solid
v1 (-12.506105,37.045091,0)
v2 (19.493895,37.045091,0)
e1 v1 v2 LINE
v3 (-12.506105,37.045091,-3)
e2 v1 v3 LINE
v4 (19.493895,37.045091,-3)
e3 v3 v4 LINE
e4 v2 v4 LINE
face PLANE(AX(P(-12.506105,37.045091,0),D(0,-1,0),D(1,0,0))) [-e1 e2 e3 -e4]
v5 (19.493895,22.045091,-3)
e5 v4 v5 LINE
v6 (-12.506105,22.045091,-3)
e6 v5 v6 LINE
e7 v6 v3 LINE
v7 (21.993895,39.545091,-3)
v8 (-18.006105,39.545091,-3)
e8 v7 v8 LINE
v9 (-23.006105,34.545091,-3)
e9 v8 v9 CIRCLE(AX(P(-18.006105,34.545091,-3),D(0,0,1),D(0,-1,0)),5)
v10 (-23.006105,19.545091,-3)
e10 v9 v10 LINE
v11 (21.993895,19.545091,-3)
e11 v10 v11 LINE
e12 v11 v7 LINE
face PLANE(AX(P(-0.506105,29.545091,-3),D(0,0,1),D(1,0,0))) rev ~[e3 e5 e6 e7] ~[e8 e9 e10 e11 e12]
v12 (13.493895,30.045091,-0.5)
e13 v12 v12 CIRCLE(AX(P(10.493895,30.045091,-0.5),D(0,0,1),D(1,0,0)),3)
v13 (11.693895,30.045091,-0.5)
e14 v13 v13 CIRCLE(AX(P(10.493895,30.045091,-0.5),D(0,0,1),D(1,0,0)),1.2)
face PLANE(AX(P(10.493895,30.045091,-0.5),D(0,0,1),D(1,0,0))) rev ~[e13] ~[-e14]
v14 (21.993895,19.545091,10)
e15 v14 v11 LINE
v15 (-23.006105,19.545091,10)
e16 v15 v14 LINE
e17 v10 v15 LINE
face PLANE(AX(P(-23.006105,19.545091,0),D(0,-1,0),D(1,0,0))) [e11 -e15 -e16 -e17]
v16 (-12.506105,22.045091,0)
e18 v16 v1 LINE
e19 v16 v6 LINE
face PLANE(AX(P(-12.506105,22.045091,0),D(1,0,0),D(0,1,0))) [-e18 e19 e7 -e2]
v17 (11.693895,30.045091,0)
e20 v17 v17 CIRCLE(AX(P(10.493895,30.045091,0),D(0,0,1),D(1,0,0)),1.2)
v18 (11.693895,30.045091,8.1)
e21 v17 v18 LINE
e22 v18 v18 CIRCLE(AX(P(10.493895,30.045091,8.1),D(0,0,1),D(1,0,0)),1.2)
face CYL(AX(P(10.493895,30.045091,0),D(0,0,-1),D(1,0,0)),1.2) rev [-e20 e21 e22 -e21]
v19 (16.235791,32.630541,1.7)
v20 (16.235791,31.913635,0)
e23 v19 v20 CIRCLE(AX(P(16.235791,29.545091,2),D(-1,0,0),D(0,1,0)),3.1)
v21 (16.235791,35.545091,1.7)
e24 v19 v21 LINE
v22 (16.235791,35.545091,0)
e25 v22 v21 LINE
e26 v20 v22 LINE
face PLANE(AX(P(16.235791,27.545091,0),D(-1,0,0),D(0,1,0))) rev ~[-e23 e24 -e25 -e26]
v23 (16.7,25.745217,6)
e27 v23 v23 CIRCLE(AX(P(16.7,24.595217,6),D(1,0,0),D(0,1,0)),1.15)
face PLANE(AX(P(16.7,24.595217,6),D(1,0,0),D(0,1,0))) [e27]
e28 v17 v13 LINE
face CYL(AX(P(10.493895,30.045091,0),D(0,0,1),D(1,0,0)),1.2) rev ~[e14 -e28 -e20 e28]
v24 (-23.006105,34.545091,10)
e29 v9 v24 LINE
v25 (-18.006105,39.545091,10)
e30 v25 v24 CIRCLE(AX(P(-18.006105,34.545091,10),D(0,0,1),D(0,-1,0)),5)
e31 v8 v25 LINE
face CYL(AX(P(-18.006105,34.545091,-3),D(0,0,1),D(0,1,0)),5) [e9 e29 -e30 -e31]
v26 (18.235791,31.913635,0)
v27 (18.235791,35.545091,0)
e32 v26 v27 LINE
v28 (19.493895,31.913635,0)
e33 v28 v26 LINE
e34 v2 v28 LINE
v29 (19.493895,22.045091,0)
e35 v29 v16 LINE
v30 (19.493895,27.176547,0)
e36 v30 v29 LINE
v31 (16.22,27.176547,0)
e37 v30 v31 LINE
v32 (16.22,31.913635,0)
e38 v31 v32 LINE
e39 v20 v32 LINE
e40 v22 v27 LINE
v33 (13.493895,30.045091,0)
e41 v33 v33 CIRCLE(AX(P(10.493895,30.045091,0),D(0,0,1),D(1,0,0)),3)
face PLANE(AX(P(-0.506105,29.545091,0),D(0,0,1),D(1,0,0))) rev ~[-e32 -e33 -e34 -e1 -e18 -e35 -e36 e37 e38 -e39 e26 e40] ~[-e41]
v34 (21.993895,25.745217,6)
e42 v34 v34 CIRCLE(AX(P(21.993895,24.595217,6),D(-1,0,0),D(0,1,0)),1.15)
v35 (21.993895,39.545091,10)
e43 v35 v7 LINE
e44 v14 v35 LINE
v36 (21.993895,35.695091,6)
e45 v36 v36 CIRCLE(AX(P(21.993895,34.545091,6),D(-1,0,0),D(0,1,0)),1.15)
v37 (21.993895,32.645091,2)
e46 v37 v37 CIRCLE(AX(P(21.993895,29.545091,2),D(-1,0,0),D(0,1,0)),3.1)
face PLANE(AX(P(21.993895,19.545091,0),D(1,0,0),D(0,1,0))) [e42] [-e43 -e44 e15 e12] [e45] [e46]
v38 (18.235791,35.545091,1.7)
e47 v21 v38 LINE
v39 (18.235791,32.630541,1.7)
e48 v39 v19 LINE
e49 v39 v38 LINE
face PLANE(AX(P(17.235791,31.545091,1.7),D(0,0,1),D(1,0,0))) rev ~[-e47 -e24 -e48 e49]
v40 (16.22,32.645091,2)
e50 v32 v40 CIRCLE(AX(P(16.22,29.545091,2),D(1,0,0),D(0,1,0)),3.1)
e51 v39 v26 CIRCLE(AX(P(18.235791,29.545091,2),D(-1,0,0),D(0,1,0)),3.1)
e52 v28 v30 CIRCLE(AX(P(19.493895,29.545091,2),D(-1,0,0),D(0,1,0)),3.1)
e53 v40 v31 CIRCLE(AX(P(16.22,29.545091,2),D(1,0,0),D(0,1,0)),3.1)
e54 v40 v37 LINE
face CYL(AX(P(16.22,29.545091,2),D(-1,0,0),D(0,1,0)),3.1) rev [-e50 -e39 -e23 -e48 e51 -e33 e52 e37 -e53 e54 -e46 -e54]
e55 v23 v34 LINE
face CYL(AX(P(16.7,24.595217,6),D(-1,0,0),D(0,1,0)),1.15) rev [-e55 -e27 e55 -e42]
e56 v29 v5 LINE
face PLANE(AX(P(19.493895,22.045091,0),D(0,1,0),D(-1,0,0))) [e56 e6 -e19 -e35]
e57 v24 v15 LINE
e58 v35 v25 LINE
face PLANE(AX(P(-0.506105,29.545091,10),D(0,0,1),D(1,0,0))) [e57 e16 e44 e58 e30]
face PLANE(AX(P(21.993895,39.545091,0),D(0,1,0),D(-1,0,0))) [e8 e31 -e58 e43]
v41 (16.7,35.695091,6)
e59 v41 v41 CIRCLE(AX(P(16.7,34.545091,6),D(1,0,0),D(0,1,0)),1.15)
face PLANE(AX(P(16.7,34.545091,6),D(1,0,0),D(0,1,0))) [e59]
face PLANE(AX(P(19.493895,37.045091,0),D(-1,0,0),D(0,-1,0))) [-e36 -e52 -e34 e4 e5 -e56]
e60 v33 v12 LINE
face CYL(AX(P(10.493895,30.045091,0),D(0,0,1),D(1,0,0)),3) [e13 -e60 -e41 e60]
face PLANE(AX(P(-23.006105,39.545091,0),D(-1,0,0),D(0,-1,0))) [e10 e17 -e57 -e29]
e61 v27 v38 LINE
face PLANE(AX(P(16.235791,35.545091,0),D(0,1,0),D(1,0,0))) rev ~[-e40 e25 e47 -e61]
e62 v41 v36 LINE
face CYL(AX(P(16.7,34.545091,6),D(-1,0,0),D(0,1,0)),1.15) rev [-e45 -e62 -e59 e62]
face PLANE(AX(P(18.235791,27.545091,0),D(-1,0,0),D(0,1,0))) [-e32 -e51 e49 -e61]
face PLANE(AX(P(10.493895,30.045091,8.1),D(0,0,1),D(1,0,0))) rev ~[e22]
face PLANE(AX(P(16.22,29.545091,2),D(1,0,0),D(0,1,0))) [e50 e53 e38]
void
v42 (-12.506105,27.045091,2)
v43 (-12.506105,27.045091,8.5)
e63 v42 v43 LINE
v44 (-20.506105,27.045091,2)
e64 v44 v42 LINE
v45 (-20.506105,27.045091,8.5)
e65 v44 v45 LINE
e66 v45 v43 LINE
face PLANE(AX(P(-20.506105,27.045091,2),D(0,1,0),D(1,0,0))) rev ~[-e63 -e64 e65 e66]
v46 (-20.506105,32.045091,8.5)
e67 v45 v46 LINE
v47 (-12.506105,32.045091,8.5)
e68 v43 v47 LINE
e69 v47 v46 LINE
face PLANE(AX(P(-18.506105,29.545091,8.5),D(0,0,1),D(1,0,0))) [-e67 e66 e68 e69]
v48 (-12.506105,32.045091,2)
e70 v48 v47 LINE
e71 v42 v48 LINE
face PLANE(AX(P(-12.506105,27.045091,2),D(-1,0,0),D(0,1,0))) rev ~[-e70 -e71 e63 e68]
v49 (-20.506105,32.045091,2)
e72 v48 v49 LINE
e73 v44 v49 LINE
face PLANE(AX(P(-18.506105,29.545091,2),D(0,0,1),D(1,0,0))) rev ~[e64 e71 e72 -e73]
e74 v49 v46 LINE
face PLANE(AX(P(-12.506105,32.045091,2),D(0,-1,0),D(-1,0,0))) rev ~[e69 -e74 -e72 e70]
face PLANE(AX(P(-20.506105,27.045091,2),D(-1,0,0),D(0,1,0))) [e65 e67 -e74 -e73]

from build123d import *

# Parameters (mm, degrees)
F0_W          = 4
F0_H          = 5
F0_R          = 3
F0_W_2        = 2
F0_H_2        = 8
F0_R_2        = 1.2
F1_DEPTH      = 10
F2_DEPTH      = 3
F3_START      = 2
F1_FACE_W     = 45
F1_FACE_H     = 20
F3_DEPTH      = 6.5
F4_START      = 5
F4_DEPTH      = 1.5
F5_R          = 5
F6_DEPTH      = 8.1
F7_DEPTH      = 3
F7_DEPTH_BACK = 0.5
F8_DEPTH      = 25
F8_DEPTH_BACK = 1.7
F10_START     = 16.22
F9_R          = 3.1
F10_DEPTH     = 9.58
F11_START     = 16.7
F9_R_2        = 1.15
F11_DEPTH     = 21.7


with BuildPart() as f1:
    # F0 (on Top) → F1 (new body)
    with BuildSketch(Plane.XY):
        Polygon((21.9938950613, 39.5450913161), (-23.0061049387, 39.5450913161), (-23.0061049387, 19.5450913161), (-9.9312635139, 19.5450913161), (10.0687364861, 19.5450913161), (21.9938950613, 19.5450913161), align=None)
        Polygon((-12.5061049387, 32.0450913161), (-12.5061049387, 37.0450913161), (19.4938950613, 37.0450913161), (19.4938950613, 22.0450913161), (-12.5061049387, 22.0450913161), (-12.5061049387, 27.0450913161), (-16.5061049387, 27.0450913161), (-20.5061049387, 27.0450913161), (-20.5061049387, 32.0450913161), (-16.5061049387, 32.0450913161), align=None, mode=Mode.SUBTRACT)
        with Locations((-18.5061049387, 29.5450913161)):
            Rectangle(F0_W, F0_H)
        with Locations((-14.5061049387, 29.5450913161)):
            Rectangle(F0_W, F0_H)
        Polygon((19.4938950613, 37.0450913161), (-12.5061049387, 37.0450913161), (-12.5061049387, 32.0450913161), (-12.5061049387, 27.0450913161), (-12.5061049387, 22.0450913161), (19.4938950613, 22.0450913161), align=None)
        with Locations((10.4938950613, 30.0450913161)):
            Circle(F0_R, mode=Mode.SUBTRACT)
        with Locations((17.2357911468, 31.5450913161)):
            Rectangle(F0_W_2, F0_H_2, mode=Mode.SUBTRACT)
        with Locations((10.4938950613, 30.0450913161)):
            Circle(F0_R)
        with Locations((10.4938950613, 30.0450913161)):
            Circle(F0_R_2, mode=Mode.SUBTRACT)
        with Locations((10.4938950613, 30.0450913161)):
            Circle(F0_R_2)
        with Locations((17.2357911468, 31.5450913161)):
            Rectangle(F0_W_2, F0_H_2)
    extrude(amount=F1_DEPTH)

    # F0 (on Top) → F2 (join)
    with BuildSketch(Plane.XY):
        Polygon((21.9938950613, 39.5450913161), (-23.0061049387, 39.5450913161), (-23.0061049387, 19.5450913161), (-9.9312635139, 19.5450913161), (10.0687364861, 19.5450913161), (21.9938950613, 19.5450913161), align=None)
        Polygon((-12.5061049387, 32.0450913161), (-12.5061049387, 37.0450913161), (19.4938950613, 37.0450913161), (19.4938950613, 22.0450913161), (-12.5061049387, 22.0450913161), (-12.5061049387, 27.0450913161), (-16.5061049387, 27.0450913161), (-20.5061049387, 27.0450913161), (-20.5061049387, 32.0450913161), (-16.5061049387, 32.0450913161), align=None, mode=Mode.SUBTRACT)
        with Locations((-14.5061049387, 29.5450913161)):
            Rectangle(F0_W, F0_H)
        with Locations((-18.5061049387, 29.5450913161)):
            Rectangle(F0_W, F0_H)
    extrude(amount=-F2_DEPTH)

    # F0 (on Top) + F1_face (on face) → F3 (cut)
    with BuildSketch(Plane.XY.offset(F3_START)):
        with Locations((-18.5061049387, 29.5450913161)):
            Rectangle(F0_W, F0_H)
        with Locations((-14.5061049387, 29.5450913161)):
            Rectangle(F0_W, F0_H)
    with BuildSketch(Plane(origin=(-0.5061049387, 29.5450913161, 10), x_dir=(1, 0, 0), z_dir=(0, 0, 1)).offset(F3_START)):
        Rectangle(F1_FACE_W, F1_FACE_H)
    extrude(amount=F3_DEPTH, mode=Mode.SUBTRACT)

    # F5
    f5_edges = [f1.edges().sort_by_distance(p)[0] for p in [
        (-23.006105, 39.545091, 3.5),
    ]]
    fillet(f5_edges, radius=F5_R)

    # F0 (on Top) → F6 (cut)
    with BuildSketch(Plane.XY):
        with Locations((10.4938950613, 30.0450913161)):
            Circle(F0_R_2)
    extrude(amount=F6_DEPTH, mode=Mode.SUBTRACT)



with BuildPart() as f4:
    # F0 (on Top) → F4 (new body)
    with BuildSketch(Plane.XY.offset(F4_START)):
        with Locations((10.4938950613, 30.0450913161)):
            Circle(F0_R)
        with Locations((10.4938950613, 30.0450913161)):
            Circle(F0_R_2, mode=Mode.SUBTRACT)
    extrude(amount=F4_DEPTH)


with BuildPart() as f1_1:
    add(f1.part)

    add(f4.part)  # F7 merges F4
    # F0 (on Top) → F7 (join, two sides)
    with BuildSketch(Plane.XY) as f7_sk:
        with Locations((10.4938950613, 30.0450913161)):
            Circle(F0_R)
        with Locations((10.4938950613, 30.0450913161)):
            Circle(F0_R_2, mode=Mode.SUBTRACT)
    extrude(amount=F7_DEPTH)
    extrude(f7_sk.sketch, amount=-F7_DEPTH_BACK)

    # F0 (on Top) → F8 (cut, two sides)
    with BuildSketch(Plane.XY) as f8_sk:
        with Locations((17.2357911468, 31.5450913161)):
            Rectangle(F0_W_2, F0_H_2)
    extrude(amount=-F8_DEPTH, mode=Mode.SUBTRACT)
    extrude(f8_sk.sketch, amount=F8_DEPTH_BACK, mode=Mode.SUBTRACT)

    # F9 (on Right) → F10 (cut)
    with BuildSketch(Plane.YZ.offset(F10_START)):
        with Locations((29.5450913161, 2)):
            Circle(F9_R)
    extrude(amount=F10_DEPTH, mode=Mode.SUBTRACT)

    # F9 (on Right) → F11 (cut)
    with BuildSketch(Plane.YZ.offset(F11_START)):
        with Locations((34.5450913161, 6)):
            Circle(F9_R_2)
        with Locations((24.595216945, 6)):
            Circle(F9_R_2)
    extrude(amount=F11_DEPTH, mode=Mode.SUBTRACT)


solid = f1_1.part
